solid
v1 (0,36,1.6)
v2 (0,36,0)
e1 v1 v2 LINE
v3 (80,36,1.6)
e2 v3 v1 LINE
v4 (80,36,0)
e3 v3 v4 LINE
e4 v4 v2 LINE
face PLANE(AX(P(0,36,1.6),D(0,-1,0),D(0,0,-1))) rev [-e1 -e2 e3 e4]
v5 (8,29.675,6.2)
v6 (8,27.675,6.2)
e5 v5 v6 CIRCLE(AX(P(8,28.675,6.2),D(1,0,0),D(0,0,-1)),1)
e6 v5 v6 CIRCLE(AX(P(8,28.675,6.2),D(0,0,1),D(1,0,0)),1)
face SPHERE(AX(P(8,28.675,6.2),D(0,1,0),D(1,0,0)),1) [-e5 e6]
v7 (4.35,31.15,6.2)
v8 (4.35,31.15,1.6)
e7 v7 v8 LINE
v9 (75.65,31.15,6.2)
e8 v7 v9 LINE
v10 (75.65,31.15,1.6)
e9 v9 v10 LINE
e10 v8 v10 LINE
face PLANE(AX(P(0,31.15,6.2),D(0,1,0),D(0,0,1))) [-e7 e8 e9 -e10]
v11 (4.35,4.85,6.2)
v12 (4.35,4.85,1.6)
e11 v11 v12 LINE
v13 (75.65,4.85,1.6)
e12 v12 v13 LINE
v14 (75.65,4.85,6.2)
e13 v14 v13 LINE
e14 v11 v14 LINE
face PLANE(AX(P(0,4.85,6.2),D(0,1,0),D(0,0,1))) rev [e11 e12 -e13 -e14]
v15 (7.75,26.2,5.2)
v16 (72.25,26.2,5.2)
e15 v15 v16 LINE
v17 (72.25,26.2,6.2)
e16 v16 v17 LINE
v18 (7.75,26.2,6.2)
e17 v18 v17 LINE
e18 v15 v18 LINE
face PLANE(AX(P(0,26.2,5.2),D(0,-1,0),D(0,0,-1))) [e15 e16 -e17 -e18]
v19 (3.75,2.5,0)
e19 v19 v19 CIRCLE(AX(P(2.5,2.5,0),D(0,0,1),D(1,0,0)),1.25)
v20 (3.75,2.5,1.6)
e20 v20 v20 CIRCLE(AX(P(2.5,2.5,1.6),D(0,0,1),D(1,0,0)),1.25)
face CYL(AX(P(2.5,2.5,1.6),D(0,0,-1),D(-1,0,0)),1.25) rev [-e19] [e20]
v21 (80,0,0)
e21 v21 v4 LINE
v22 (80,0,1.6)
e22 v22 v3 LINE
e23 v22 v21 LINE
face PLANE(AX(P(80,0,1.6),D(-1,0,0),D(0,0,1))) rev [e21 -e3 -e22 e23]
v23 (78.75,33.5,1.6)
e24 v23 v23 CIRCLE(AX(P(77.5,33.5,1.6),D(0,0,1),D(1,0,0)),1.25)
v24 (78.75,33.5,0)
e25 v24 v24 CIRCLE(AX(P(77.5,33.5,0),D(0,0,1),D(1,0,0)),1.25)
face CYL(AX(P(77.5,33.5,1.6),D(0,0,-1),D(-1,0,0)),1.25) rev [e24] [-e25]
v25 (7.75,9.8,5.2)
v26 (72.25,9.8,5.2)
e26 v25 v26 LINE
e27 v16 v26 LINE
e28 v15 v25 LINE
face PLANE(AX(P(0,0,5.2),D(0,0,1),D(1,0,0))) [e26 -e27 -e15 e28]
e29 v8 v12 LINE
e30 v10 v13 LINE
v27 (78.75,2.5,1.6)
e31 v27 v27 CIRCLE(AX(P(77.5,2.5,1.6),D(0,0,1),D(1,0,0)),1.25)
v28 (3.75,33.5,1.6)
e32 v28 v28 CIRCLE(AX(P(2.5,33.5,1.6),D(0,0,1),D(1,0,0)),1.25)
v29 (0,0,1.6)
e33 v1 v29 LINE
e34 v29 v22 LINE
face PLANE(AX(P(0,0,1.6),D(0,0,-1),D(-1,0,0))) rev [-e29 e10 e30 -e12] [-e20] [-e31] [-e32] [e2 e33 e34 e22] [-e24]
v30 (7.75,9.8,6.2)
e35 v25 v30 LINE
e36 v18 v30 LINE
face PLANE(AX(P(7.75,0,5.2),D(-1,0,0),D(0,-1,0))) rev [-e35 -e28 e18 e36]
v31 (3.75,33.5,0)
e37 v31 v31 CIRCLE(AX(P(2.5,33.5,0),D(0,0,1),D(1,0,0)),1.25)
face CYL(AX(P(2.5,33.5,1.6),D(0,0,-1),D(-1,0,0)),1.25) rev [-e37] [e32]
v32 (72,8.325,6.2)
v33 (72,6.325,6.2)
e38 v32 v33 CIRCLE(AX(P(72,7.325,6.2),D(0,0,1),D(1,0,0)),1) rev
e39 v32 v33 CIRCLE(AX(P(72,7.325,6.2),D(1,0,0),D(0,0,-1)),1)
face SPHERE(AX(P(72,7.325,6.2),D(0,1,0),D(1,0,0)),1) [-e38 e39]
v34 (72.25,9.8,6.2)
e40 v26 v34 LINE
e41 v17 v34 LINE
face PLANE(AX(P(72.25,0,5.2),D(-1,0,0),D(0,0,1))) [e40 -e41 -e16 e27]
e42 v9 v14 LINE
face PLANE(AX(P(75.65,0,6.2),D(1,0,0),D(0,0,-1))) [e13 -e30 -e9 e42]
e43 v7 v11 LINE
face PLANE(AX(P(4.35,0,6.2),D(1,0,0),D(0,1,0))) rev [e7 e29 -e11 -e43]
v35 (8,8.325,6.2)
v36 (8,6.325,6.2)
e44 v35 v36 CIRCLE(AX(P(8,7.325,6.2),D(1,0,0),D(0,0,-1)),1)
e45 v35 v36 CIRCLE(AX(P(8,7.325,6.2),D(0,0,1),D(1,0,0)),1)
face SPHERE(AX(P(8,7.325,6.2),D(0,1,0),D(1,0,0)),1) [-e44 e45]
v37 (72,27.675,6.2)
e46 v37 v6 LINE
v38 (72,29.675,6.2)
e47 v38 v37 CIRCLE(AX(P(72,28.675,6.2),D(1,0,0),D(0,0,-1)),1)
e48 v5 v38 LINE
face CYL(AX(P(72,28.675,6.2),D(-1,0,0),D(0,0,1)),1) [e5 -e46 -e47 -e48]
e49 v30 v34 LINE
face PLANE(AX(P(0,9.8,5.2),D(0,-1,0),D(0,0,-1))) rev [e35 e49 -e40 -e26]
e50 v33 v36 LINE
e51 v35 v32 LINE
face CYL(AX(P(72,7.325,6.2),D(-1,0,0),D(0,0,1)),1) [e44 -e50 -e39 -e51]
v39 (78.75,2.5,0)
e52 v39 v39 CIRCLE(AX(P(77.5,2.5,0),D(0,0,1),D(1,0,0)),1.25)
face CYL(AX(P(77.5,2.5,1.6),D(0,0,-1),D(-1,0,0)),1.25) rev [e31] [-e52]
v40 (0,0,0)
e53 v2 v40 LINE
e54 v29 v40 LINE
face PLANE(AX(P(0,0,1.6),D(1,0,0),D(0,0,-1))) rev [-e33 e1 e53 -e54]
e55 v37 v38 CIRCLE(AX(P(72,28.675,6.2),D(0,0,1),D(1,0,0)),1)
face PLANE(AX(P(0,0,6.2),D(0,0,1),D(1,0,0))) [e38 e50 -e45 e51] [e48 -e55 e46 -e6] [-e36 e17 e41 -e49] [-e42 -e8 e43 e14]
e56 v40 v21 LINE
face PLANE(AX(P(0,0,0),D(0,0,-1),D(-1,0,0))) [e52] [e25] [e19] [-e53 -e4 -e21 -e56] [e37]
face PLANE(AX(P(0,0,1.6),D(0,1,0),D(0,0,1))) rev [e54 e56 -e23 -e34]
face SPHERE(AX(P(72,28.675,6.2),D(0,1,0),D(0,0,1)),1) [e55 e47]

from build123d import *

# Parameters (mm, degrees)
CROQUIS1_W              = 80
CROQUIS1_H              = 36
CROQUIS1_R              = 1.25
SALIENTE_EXTRUIR2_DEPTH = 1.6
CROQUIS2_W              = 71.3
CROQUIS2_H              = 26.3
SALIENTE_EXTRUIR3_DEPTH = 4.6
CROQUIS3_W              = 64.5
CROQUIS3_H              = 16.4
CORTAR_EXTRUIR1_DEPTH   = 1
CROQUIS5_R              = 1
SALIENTE_EXTRUIR4_DEPTH = 32
REVOLUCI_N3_ANGLE       = 90


with BuildPart() as part:
    # Croquis1 → Saliente-Extruir2 (new body)
    with BuildSketch(Plane.XY):
        with Locations((40, 18)):
            Rectangle(CROQUIS1_W, CROQUIS1_H)
        with Locations((77.5, 33.5)):
            Circle(CROQUIS1_R, mode=Mode.SUBTRACT)
        with Locations((77.5, 2.5)):
            Circle(CROQUIS1_R, mode=Mode.SUBTRACT)
        with Locations((2.5, 2.5)):
            Circle(CROQUIS1_R, mode=Mode.SUBTRACT)
        with Locations((2.5, 33.5)):
            Circle(CROQUIS1_R, mode=Mode.SUBTRACT)
    extrude(amount=SALIENTE_EXTRUIR2_DEPTH)

    # Croquis2 → Saliente-Extruir3 (add)
    with BuildSketch(Plane.XY.offset(1.6)):
        with Locations((40, 18)):
            Rectangle(CROQUIS2_W, CROQUIS2_H)
    extrude(amount=SALIENTE_EXTRUIR3_DEPTH)

    # Croquis3 → Cortar-Extruir1 (cut)
    with BuildSketch(Plane.XY.offset(6.2)):
        with Locations((40, 18)):
            Rectangle(CROQUIS3_W, CROQUIS3_H)
    extrude(amount=-CORTAR_EXTRUIR1_DEPTH, mode=Mode.SUBTRACT)

    # Croquis5 → Saliente-Extruir4 (add, symmetric)
    with BuildSketch(Plane(origin=(40, 0, 0), x_dir=(0, 0, -1), z_dir=(1, 0, 0))):
        with Locations((-6.2, 28.675)):
            Circle(CROQUIS5_R)
        with Locations((-6.2, 7.325)):
            Circle(CROQUIS5_R)
    extrude(amount=SALIENTE_EXTRUIR4_DEPTH, both=True)

    # Croquis4 → Revolución3 (revolve)
    with BuildSketch(Plane.XY.offset(6.2)):
        with BuildLine():
            Line((72, 29.675), (72, 27.675))
            ThreePointArc((72, 27.675), (73, 28.675), (72, 29.675))
        make_face()
    revolve(axis=Axis((72, 29.675, 6.2), (0, -1, 0)), revolution_arc=REVOLUCI_N3_ANGLE)

    # Croquis6 → Revolución4 (revolve)
    with BuildSketch(Plane.XY.offset(6.2)):
        with BuildLine():
            Line((8, 29.675), (8, 27.675))
            ThreePointArc((8, 27.675), (7, 28.675), (8, 29.675))
        make_face()
    revolve(axis=Axis((8, 29.675, 6.2), (0, -1, 0)))

    # Croquis7 → Revolución5 (revolve)
    with BuildSketch(Plane.XY.offset(6.2)):
        with BuildLine():
            Line((8, 8.325), (8, 6.325))
            ThreePointArc((8, 6.325), (7, 7.325), (8, 8.325))
        make_face()
    revolve(axis=Axis((8, 8.325, 6.2), (0, -1, 0)))

    # Croquis8 → Revolución6 (revolve)
    with BuildSketch(Plane.XY.offset(6.2)):
        with BuildLine():
            Line((72, 8.325), (72, 6.325))
            ThreePointArc((72, 6.325), (73, 7.325), (72, 8.325))
        make_face()
    revolve(axis=Axis((72, 8.325, 6.2), (0, -1, 0)))


solid = part.part
